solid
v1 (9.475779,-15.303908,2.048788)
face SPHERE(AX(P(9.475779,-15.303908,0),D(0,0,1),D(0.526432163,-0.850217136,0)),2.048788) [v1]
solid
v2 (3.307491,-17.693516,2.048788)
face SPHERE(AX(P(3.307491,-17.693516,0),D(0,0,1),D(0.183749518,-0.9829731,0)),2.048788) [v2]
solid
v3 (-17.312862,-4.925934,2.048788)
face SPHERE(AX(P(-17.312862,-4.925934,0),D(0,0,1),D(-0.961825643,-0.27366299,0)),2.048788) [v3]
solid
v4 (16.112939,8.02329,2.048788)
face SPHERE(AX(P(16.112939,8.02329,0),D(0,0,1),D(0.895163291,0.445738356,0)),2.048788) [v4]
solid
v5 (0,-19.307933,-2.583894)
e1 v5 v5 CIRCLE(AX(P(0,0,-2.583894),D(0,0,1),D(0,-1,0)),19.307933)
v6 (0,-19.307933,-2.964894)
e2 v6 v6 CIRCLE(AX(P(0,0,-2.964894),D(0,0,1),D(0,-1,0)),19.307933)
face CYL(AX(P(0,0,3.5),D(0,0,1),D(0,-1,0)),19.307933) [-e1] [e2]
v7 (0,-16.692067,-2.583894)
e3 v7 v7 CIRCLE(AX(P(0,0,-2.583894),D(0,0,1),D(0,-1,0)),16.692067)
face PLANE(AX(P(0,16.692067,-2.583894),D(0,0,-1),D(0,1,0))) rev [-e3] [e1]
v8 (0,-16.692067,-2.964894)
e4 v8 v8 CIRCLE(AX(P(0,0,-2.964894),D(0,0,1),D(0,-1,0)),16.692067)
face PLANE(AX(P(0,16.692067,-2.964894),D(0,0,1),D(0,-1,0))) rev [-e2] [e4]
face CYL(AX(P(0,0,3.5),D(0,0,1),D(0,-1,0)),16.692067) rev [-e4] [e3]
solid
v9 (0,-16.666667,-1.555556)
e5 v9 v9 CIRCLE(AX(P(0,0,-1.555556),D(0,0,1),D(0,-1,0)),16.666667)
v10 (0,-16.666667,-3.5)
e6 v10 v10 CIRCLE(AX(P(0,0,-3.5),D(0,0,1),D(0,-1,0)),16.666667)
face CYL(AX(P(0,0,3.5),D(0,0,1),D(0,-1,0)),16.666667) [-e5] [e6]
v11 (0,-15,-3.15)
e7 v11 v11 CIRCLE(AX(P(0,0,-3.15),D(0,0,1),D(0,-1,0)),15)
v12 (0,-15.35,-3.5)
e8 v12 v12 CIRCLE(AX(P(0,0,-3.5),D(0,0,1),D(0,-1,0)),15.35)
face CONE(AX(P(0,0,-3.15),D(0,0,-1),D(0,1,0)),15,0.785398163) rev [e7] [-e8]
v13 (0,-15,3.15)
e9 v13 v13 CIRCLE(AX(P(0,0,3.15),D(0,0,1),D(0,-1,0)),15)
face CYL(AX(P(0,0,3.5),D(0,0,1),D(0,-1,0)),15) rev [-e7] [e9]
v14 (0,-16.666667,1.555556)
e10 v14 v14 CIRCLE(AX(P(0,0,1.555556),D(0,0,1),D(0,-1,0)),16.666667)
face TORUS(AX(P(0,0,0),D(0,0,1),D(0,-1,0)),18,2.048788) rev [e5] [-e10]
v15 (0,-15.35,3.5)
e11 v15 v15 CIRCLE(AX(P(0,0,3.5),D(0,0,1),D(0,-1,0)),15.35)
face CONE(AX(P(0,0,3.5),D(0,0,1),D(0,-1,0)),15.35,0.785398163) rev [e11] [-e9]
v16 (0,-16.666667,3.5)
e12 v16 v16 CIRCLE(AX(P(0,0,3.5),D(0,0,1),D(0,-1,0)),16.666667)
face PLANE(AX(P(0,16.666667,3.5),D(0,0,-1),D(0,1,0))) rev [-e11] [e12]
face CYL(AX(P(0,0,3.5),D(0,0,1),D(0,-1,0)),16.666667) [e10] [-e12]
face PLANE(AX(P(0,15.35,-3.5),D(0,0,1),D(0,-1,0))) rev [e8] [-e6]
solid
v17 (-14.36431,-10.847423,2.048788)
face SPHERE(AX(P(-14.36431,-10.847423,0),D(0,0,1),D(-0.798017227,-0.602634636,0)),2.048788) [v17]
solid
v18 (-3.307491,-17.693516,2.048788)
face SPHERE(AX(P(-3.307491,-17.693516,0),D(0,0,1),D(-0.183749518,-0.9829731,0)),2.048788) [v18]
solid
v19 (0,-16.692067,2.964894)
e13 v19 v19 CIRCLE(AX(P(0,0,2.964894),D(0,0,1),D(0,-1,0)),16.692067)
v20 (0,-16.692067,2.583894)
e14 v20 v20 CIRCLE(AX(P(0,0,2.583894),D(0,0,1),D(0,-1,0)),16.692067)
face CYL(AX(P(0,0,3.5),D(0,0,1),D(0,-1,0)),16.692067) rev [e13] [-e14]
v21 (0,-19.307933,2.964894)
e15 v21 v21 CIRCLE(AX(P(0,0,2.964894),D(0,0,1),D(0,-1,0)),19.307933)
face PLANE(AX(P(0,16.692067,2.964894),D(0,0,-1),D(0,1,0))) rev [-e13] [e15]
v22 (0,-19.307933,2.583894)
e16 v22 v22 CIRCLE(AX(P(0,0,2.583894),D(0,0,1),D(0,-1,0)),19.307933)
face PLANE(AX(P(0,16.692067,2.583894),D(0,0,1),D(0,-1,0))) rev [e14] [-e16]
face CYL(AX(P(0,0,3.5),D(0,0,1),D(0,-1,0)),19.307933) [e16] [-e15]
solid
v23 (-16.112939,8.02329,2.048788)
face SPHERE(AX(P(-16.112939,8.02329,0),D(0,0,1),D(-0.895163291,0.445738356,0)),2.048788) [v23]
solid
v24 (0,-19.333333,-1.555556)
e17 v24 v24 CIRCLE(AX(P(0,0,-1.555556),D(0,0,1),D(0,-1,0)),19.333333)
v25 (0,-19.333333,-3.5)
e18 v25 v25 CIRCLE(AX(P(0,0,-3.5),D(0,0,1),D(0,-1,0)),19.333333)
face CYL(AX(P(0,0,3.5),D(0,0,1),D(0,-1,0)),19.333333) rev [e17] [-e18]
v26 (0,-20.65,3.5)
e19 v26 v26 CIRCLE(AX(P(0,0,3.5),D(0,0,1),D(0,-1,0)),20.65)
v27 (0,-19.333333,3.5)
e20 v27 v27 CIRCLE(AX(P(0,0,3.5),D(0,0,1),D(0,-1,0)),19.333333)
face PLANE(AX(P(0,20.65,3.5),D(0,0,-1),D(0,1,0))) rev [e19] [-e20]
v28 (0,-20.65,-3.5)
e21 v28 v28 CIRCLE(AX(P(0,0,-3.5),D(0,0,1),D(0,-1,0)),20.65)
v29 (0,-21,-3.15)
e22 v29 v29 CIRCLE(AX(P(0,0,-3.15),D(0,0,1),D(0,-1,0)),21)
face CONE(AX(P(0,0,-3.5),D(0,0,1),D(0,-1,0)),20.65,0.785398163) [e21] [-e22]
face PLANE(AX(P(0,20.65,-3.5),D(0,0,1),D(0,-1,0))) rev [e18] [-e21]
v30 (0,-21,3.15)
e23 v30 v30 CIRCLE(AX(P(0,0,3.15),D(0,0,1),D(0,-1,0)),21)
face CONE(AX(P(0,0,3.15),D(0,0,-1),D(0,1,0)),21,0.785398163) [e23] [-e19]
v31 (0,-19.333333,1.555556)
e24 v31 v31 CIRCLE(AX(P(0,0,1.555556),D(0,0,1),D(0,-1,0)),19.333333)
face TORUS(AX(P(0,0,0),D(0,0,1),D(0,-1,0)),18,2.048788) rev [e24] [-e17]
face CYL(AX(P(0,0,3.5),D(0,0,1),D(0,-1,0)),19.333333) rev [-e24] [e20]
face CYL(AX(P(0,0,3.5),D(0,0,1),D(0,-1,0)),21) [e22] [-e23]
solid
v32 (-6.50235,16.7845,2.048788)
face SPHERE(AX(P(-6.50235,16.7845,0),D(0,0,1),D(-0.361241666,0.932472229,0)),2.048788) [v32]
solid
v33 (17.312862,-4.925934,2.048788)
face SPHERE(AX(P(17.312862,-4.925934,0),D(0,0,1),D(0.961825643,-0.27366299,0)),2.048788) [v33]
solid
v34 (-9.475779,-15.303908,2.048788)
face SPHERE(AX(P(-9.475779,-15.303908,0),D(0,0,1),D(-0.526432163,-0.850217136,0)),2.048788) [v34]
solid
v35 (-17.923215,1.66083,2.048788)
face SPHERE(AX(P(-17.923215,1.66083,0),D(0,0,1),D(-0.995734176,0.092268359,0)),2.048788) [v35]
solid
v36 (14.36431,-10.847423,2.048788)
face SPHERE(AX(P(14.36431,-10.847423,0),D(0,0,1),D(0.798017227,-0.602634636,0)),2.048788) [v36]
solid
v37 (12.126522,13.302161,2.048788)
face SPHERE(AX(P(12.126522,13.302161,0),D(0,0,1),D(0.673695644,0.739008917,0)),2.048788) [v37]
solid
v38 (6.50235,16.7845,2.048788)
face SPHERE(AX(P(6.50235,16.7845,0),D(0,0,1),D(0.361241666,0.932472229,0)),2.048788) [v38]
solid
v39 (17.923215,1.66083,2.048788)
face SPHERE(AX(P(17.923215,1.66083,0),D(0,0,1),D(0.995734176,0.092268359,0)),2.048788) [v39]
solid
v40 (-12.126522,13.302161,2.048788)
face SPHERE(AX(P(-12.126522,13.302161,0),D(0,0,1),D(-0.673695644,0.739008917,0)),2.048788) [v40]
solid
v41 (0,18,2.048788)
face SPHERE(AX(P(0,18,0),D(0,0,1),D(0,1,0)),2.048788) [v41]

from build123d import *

# Parameters (mm, degrees)
SKETCH5_W         = 0.381
SKETCH5_H         = 2.615866666
CIRPATTERN1_COUNT = 17


with BuildPart() as part:
    # Sketch5 → Revolve1 (revolve)
    with BuildSketch(Plane(origin=(0, 0, 0), x_dir=(0, 0, -1), z_dir=(1, 0, 0))):
        with BuildLine():
            Line((3.15, 21), (-3.15, 21))
            Line((-3.15, 21), (-3.5, 20.65))
            Line((-3.5, 20.65), (-3.5, 19.333333333))
            Line((-3.5, 19.333333333), (-1.555555556, 19.333333333))
            ThreePointArc((-1.555555556, 19.333333333), (0, 20.048787657), (1.555555556, 19.333333333))
            Line((1.555555556, 19.333333333), (3.5, 19.333333333))
            Line((3.5, 19.333333333), (3.5, 20.65))
            Line((3.5, 20.65), (3.15, 21))
        make_face()
        with Locations((2.774393829, 18)):
            Rectangle(SKETCH5_W, SKETCH5_H)
        with Locations((-2.774393829, 18)):
            Rectangle(SKETCH5_W, SKETCH5_H)
    revolve(axis=Axis((0, 0, 3.5), (0, 0, -1)))


with BuildPart() as body_2:
    # Sketch3 → Revolve3 (revolve)
    with BuildSketch(Plane(origin=(0, 0, 0), x_dir=(0, 0, -1), z_dir=(1, 0, 0))):
        with BuildLine():
            Line((-3.5, 16.666666667), (-1.555555556, 16.666666667))
            ThreePointArc((-1.555555556, 16.666666667), (0, 15.951212343), (1.555555556, 16.666666667))
            Line((1.555555556, 16.666666667), (3.5, 16.666666667))
            Line((3.5, 16.666666667), (3.5, 15.35))
            Line((3.5, 15.35), (3.15, 15))
            Line((3.15, 15), (-3.15, 15))
            Line((-3.15, 15), (-3.5, 15.35))
            Line((-3.5, 15.35), (-3.5, 16.666666667))
        make_face()
    revolve(axis=Axis((0, 0, 3.5), (0, 0, -1)))


with BuildPart() as body_3:
    # Sketch4 → Revolve4 (revolve)
    with BuildSketch(Plane(origin=(0, 0, 0), x_dir=(0, 0, -1), z_dir=(1, 0, 0))):
        with BuildLine():
            Line((-2.048787657, 18), (2.048787657, 18))
            ThreePointArc((2.048787657, 18), (0, 20.048787657), (-2.048787657, 18))
        make_face()
    revolve(axis=Axis((0, 18, 2.048787657), (0, 0, -1)))


with BuildPart() as cirpattern1_1:
    # CirPattern1: pattern copy
    add(body_3.part.rotate(Axis((0, 0, 0), (0, 0, 1)), 1 * 360 / CIRPATTERN1_COUNT))


with BuildPart() as cirpattern1_2:
    # CirPattern1: pattern copy
    add(body_3.part.rotate(Axis((0, 0, 0), (0, 0, 1)), 2 * 360 / CIRPATTERN1_COUNT))


with BuildPart() as cirpattern1_3:
    # CirPattern1: pattern copy
    add(body_3.part.rotate(Axis((0, 0, 0), (0, 0, 1)), 3 * 360 / CIRPATTERN1_COUNT))


with BuildPart() as cirpattern1_4:
    # CirPattern1: pattern copy
    add(body_3.part.rotate(Axis((0, 0, 0), (0, 0, 1)), 4 * 360 / CIRPATTERN1_COUNT))


with BuildPart() as cirpattern1_5:
    # CirPattern1: pattern copy
    add(body_3.part.rotate(Axis((0, 0, 0), (0, 0, 1)), 5 * 360 / CIRPATTERN1_COUNT))


with BuildPart() as cirpattern1_6:
    # CirPattern1: pattern copy
    add(body_3.part.rotate(Axis((0, 0, 0), (0, 0, 1)), 6 * 360 / CIRPATTERN1_COUNT))


with BuildPart() as cirpattern1_7:
    # CirPattern1: pattern copy
    add(body_3.part.rotate(Axis((0, 0, 0), (0, 0, 1)), 7 * 360 / CIRPATTERN1_COUNT))


with BuildPart() as cirpattern1_8:
    # CirPattern1: pattern copy
    add(body_3.part.rotate(Axis((0, 0, 0), (0, 0, 1)), 8 * 360 / CIRPATTERN1_COUNT))


with BuildPart() as cirpattern1_9:
    # CirPattern1: pattern copy
    add(body_3.part.rotate(Axis((0, 0, 0), (0, 0, 1)), 9 * 360 / CIRPATTERN1_COUNT))


with BuildPart() as cirpattern1_10:
    # CirPattern1: pattern copy
    add(body_3.part.rotate(Axis((0, 0, 0), (0, 0, 1)), 10 * 360 / CIRPATTERN1_COUNT))


with BuildPart() as cirpattern1_11:
    # CirPattern1: pattern copy
    add(body_3.part.rotate(Axis((0, 0, 0), (0, 0, 1)), 11 * 360 / CIRPATTERN1_COUNT))


with BuildPart() as cirpattern1_12:
    # CirPattern1: pattern copy
    add(body_3.part.rotate(Axis((0, 0, 0), (0, 0, 1)), 12 * 360 / CIRPATTERN1_COUNT))


with BuildPart() as cirpattern1_13:
    # CirPattern1: pattern copy
    add(body_3.part.rotate(Axis((0, 0, 0), (0, 0, 1)), 13 * 360 / CIRPATTERN1_COUNT))


with BuildPart() as cirpattern1_14:
    # CirPattern1: pattern copy
    add(body_3.part.rotate(Axis((0, 0, 0), (0, 0, 1)), 14 * 360 / CIRPATTERN1_COUNT))


with BuildPart() as cirpattern1_15:
    # CirPattern1: pattern copy
    add(body_3.part.rotate(Axis((0, 0, 0), (0, 0, 1)), 15 * 360 / CIRPATTERN1_COUNT))


with BuildPart() as cirpattern1_16:
    # CirPattern1: pattern copy
    add(body_3.part.rotate(Axis((0, 0, 0), (0, 0, 1)), 16 * 360 / CIRPATTERN1_COUNT))


solid = Compound([part.part, body_2.part, body_3.part, cirpattern1_1.part, cirpattern1_2.part, cirpattern1_3.part, cirpattern1_4.part, cirpattern1_5.part, cirpattern1_6.part, cirpattern1_7.part, cirpattern1_8.part, cirpattern1_9.part, cirpattern1_10.part, cirpattern1_11.part, cirpattern1_12.part, cirpattern1_13.part, cirpattern1_14.part, cirpattern1_15.part, cirpattern1_16.part])
